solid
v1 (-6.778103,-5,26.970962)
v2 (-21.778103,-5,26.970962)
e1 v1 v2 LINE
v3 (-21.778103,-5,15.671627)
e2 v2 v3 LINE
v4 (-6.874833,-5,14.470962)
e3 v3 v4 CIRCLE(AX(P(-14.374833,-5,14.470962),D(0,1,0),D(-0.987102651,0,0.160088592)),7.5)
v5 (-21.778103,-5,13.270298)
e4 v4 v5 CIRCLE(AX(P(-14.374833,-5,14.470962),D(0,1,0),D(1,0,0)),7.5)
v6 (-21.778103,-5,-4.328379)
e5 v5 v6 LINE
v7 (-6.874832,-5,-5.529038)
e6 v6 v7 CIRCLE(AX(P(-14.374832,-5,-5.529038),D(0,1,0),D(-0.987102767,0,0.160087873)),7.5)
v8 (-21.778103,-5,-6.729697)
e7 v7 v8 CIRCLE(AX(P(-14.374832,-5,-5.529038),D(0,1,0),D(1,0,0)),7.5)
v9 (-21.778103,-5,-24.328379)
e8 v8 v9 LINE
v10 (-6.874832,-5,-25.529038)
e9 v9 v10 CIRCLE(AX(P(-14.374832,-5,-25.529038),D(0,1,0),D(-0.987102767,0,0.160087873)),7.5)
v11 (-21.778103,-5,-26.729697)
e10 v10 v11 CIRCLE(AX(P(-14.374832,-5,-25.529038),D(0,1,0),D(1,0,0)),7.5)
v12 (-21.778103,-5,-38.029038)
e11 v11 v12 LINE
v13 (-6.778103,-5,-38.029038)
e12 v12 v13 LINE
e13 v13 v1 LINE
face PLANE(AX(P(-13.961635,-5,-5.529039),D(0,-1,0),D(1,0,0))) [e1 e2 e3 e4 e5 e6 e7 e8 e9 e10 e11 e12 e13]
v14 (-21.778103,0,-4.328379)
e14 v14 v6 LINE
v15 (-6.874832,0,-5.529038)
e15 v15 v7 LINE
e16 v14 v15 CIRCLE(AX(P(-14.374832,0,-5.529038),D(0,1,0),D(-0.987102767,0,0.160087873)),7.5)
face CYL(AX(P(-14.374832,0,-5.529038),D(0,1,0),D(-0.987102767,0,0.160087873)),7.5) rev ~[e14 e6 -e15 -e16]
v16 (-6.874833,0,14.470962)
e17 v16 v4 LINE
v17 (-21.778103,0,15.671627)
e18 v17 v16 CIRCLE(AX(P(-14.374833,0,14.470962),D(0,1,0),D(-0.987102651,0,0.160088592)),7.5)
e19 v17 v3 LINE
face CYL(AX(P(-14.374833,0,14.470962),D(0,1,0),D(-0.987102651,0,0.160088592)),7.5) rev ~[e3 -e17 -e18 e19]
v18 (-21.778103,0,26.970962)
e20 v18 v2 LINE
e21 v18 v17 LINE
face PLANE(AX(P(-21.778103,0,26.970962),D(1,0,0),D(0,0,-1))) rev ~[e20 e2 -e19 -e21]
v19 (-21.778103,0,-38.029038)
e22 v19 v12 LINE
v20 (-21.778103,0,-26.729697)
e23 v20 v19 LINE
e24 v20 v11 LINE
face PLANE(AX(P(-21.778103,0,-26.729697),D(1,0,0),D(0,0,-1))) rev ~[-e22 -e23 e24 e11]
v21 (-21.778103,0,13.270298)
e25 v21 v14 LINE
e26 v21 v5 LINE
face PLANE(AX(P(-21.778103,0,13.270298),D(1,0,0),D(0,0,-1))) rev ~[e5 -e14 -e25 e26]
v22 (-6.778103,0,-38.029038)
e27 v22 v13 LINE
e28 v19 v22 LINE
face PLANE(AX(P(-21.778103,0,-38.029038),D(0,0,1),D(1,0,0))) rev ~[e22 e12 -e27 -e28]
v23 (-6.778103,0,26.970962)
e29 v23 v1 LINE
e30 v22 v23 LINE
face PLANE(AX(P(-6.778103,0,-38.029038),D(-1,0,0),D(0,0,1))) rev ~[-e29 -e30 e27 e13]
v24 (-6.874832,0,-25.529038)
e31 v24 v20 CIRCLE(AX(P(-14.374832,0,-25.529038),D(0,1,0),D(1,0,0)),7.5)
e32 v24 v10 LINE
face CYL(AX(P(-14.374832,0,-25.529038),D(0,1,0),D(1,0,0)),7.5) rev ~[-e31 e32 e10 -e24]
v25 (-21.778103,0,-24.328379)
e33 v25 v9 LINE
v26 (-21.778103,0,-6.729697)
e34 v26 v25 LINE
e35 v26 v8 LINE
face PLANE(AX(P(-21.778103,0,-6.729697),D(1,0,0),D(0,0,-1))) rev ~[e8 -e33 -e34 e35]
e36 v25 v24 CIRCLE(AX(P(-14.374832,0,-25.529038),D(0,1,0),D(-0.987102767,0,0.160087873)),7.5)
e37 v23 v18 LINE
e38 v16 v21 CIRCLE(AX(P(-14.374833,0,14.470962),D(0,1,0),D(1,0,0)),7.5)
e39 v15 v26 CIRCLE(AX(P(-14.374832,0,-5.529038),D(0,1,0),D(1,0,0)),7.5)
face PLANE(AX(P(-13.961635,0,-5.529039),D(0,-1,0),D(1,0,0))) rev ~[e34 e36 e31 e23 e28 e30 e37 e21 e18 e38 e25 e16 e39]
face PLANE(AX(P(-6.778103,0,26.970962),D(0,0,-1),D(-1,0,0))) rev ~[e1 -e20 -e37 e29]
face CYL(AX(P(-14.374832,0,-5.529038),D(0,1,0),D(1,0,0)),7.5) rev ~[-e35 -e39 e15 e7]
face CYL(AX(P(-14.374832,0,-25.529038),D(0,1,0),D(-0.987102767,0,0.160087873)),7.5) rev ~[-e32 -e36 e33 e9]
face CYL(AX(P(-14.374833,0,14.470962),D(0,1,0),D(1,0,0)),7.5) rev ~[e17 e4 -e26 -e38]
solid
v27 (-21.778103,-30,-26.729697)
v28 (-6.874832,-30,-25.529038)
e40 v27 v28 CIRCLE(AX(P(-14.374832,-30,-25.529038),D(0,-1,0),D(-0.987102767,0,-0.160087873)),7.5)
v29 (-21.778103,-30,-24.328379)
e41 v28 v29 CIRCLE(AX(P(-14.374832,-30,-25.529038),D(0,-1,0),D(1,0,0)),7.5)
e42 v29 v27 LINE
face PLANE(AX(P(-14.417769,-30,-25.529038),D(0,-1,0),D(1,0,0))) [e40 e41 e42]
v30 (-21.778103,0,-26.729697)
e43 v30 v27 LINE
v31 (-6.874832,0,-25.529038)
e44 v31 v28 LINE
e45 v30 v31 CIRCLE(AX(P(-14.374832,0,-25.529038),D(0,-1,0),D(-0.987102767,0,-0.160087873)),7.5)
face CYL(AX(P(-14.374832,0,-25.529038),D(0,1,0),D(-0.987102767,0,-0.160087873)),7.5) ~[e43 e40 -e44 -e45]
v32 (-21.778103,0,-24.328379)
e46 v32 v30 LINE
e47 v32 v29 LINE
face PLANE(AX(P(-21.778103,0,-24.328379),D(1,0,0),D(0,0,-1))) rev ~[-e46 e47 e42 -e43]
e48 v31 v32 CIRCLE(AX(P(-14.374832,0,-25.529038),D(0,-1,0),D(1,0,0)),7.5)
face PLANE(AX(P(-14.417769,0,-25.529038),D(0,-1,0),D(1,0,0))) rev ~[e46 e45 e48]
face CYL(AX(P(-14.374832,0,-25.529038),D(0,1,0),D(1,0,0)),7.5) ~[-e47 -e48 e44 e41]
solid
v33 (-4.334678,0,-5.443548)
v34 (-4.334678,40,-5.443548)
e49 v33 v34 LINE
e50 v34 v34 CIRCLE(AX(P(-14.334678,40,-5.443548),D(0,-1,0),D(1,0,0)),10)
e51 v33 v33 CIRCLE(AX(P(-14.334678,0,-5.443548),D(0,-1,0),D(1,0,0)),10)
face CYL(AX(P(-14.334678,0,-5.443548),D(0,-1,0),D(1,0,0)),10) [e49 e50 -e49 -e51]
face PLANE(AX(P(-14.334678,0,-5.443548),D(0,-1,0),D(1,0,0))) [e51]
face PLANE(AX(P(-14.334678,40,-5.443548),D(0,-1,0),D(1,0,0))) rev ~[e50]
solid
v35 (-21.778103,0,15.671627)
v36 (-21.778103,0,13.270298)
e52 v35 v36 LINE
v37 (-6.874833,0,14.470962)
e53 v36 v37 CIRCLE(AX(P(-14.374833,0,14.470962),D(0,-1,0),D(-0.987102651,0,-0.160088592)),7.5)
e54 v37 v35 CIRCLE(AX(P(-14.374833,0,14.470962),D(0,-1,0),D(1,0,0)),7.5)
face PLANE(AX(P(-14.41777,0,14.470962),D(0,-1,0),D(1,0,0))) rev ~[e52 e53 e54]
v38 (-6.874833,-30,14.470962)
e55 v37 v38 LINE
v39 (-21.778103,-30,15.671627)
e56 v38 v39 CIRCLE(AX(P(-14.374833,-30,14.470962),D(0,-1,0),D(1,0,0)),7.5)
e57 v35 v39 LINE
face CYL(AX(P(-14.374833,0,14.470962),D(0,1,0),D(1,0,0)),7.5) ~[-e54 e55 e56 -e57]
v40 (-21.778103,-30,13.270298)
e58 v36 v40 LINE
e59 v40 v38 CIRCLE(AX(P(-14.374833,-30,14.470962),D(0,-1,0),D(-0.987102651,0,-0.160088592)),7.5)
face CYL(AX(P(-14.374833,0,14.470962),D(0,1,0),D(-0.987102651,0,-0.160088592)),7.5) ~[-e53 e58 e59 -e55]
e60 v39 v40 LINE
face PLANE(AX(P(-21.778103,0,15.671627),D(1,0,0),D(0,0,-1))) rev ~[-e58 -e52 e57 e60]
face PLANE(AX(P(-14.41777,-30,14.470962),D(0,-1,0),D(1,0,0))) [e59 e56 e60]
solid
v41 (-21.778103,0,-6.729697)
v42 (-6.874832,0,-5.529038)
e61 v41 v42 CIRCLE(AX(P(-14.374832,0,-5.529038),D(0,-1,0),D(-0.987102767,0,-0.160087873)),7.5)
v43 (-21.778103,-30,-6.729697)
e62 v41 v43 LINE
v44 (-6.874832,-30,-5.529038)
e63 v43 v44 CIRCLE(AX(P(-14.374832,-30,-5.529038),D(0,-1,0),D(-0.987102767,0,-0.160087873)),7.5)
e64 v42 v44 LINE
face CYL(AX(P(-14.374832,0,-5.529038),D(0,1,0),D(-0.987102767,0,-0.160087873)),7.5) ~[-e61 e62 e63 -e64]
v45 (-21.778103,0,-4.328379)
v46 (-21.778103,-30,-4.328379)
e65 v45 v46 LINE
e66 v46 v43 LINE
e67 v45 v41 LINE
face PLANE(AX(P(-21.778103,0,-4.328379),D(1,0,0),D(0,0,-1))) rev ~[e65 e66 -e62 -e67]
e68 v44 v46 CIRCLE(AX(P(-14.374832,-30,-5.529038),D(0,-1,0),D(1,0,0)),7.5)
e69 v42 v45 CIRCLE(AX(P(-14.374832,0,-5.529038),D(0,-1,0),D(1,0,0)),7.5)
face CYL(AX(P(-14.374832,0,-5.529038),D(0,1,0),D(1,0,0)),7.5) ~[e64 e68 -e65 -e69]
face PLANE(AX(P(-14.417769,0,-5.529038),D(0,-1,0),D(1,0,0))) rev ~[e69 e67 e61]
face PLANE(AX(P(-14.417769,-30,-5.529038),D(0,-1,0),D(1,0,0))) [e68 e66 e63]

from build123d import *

# Parameters (mm, degrees)
F1_DEPTH = 5
F2_DEPTH = 30
F3_R     = 10
F4_DEPTH = 40


with BuildPart() as f1:
    # F0 (on Front) → F1 (new body)
    with BuildSketch(Plane.XZ):
        with BuildLine():
            Line((-6.7781025575, 26.9709620651), (-21.7781025575, 26.9709620651))
            Line((-21.7781025575, 26.9709620651), (-21.7781025575, 15.6716265028))
            ThreePointArc((-21.7781025575, 15.6716265028), (-13.7725553731, 21.9467404224), (-6.874832678, 14.4709620651))
            ThreePointArc((-6.874832678, 14.4709620651), (-13.7725553731, 6.9951837077), (-21.7781025575, 13.2702976273))
            Line((-21.7781025575, 13.2702976273), (-21.7781025575, -4.3283788873))
            ThreePointArc((-21.7781025575, -4.3283788873), (-13.7725572204, 1.9467406416), (-6.8748318039, -5.5290379349))
            ThreePointArc((-6.8748318039, -5.5290379349), (-13.7725572204, -13.0048165115), (-21.7781025575, -6.7296969826))
            Line((-21.7781025575, -6.7296969826), (-21.7781025575, -24.3283788873))
            ThreePointArc((-21.7781025575, -24.3283788873), (-13.7725572204, -18.0532593584), (-6.8748318039, -25.5290379349))
            ThreePointArc((-6.8748318039, -25.5290379349), (-13.7725572204, -33.0048165115), (-21.7781025575, -26.7296969826))
            Line((-21.7781025575, -26.7296969826), (-21.7781025575, -38.0290379349))
            Line((-21.7781025575, -38.0290379349), (-6.7781025575, -38.0290379349))
            Line((-6.7781025575, -38.0290379349), (-6.7781025575, 26.9709620651))
        make_face()
    extrude(amount=F1_DEPTH)


with BuildPart() as f2:
    # F0 (on Front) → F2 (new body)
    with BuildSketch(Plane.XZ):
        with BuildLine():
            ThreePointArc((-6.874832678, 14.4709620651), (-13.7725553731, 21.9467404224), (-21.7781025575, 15.6716265028))
            Line((-21.7781025575, 15.6716265028), (-21.7781025575, 13.2702976273))
            ThreePointArc((-21.7781025575, 13.2702976273), (-13.7725553731, 6.9951837077), (-6.874832678, 14.4709620651))
        make_face()
    extrude(amount=F2_DEPTH)


with BuildPart() as f2b:
    # F0 (on Front) → F2, piece 2 (new body)
    with BuildSketch(Plane.XZ):
        with BuildLine():
            ThreePointArc((-6.8748318039, -5.5290379349), (-13.7725572204, 1.9467406416), (-21.7781025575, -4.3283788873))
            Line((-21.7781025575, -4.3283788873), (-21.7781025575, -6.7296969826))
            ThreePointArc((-21.7781025575, -6.7296969826), (-13.7725572204, -13.0048165115), (-6.8748318039, -5.5290379349))
        make_face()
    extrude(amount=F2_DEPTH)


with BuildPart() as f2c:
    # F0 (on Front) → F2, piece 3 (new body)
    with BuildSketch(Plane.XZ):
        with BuildLine():
            Line((-21.7781025575, -24.3283788873), (-21.7781025575, -26.7296969826))
            ThreePointArc((-21.7781025575, -26.7296969826), (-13.7725572204, -33.0048165115), (-6.8748318039, -25.5290379349))
            ThreePointArc((-6.8748318039, -25.5290379349), (-13.7725572204, -18.0532593584), (-21.7781025575, -24.3283788873))
        make_face()
    extrude(amount=F2_DEPTH)


with BuildPart() as f4:
    # F3 (on Front) → F4 (new body)
    with BuildSketch(Plane.XZ):
        with Locations((-14.3346777186, -5.443548318)):
            Circle(F3_R)
    extrude(amount=-F4_DEPTH)


solid = Compound([f1.part, f2.part, f2b.part, f2c.part, f4.part])
